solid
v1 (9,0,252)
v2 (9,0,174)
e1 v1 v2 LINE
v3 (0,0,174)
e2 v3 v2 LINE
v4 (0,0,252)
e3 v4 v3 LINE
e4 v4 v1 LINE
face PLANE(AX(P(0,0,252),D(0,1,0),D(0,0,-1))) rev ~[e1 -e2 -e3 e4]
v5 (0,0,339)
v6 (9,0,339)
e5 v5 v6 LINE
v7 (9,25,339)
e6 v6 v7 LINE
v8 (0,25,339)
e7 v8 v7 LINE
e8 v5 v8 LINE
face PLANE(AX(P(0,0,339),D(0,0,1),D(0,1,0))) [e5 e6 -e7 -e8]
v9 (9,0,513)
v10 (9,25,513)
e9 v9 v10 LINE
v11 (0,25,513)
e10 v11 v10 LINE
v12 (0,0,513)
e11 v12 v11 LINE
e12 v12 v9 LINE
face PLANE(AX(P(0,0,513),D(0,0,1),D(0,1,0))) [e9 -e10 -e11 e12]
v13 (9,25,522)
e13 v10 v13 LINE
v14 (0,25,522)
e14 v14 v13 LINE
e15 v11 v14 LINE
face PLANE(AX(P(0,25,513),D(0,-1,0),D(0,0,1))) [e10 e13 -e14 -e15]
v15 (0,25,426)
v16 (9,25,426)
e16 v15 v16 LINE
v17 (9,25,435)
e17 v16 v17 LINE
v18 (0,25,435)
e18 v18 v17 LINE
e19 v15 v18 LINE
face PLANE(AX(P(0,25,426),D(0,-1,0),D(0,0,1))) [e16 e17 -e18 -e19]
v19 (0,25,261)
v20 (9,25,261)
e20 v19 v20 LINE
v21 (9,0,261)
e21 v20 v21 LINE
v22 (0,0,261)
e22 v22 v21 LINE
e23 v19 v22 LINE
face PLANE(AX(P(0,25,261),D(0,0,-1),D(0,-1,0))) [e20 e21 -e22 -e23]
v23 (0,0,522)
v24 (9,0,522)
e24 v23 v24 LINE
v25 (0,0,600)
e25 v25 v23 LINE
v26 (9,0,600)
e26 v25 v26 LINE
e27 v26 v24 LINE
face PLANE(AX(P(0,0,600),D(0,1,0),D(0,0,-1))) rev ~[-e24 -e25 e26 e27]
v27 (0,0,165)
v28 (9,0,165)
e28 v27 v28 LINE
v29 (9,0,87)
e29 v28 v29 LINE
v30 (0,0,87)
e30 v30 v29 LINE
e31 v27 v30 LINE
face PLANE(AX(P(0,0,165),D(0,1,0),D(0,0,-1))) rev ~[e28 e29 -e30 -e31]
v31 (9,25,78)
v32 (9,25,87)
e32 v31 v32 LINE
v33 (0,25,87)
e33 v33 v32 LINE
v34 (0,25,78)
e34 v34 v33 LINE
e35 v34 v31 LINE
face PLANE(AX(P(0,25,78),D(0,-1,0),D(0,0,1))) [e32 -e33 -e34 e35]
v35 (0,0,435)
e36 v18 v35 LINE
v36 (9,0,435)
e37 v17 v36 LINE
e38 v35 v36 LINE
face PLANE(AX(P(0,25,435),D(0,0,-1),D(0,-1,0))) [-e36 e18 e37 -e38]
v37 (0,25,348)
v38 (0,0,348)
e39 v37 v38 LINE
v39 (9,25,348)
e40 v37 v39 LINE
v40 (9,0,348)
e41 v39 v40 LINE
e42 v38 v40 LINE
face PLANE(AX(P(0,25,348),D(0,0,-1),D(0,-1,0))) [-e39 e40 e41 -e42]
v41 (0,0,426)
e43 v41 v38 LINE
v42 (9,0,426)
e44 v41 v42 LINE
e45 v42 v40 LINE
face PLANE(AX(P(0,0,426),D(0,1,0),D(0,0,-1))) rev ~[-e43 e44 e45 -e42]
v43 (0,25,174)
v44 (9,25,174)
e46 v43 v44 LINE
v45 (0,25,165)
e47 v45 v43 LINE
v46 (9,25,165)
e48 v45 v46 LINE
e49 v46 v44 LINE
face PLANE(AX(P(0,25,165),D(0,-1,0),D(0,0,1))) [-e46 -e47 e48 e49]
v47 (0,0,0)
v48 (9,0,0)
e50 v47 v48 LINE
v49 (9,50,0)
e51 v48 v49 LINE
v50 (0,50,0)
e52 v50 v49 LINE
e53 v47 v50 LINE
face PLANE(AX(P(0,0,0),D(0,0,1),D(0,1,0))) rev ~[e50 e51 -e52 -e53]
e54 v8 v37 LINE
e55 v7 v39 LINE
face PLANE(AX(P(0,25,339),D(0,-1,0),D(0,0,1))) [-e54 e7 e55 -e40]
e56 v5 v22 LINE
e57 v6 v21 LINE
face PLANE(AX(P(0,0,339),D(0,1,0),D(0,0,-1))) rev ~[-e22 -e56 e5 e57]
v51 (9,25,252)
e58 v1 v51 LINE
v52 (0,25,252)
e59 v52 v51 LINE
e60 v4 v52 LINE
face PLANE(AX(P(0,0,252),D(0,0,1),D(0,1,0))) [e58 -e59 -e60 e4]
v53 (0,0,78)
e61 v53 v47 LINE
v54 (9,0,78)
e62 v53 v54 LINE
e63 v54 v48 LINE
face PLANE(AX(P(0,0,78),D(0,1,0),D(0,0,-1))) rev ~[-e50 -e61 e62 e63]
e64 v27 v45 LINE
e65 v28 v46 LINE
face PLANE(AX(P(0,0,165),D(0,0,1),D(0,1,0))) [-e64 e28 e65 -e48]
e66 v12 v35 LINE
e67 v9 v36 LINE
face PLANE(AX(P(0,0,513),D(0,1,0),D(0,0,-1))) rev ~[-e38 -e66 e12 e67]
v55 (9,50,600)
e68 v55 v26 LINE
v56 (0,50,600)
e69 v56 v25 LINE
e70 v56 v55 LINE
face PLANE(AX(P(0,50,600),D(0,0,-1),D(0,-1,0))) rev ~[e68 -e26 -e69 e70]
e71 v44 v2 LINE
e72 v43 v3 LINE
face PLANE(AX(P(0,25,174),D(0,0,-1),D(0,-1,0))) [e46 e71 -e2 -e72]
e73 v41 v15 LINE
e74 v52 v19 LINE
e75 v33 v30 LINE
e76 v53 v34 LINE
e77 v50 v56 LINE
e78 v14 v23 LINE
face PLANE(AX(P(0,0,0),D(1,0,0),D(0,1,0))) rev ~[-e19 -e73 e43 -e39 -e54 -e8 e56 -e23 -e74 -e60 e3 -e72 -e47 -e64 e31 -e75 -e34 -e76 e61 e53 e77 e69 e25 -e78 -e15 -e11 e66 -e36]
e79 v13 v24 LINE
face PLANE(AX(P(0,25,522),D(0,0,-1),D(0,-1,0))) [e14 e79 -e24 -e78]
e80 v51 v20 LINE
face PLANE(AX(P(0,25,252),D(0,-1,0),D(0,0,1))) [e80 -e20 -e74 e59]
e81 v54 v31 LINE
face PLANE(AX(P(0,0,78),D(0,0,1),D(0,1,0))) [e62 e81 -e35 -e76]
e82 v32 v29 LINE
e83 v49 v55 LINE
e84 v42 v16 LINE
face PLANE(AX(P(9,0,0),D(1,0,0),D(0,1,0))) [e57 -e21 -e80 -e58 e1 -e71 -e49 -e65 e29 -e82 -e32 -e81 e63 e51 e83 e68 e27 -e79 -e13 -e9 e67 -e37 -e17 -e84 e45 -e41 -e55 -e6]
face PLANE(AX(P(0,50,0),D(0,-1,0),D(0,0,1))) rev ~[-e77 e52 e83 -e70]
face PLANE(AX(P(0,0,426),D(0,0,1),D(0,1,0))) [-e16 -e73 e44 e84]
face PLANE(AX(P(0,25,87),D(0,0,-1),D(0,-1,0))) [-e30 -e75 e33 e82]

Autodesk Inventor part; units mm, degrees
ref_plane "YZ Plane" through (0, 0, 0) normal (1, 0, 0) x (0, 1, 0)
ref_plane "XZ Plane" through (0, 0, 0) normal (0, 1, 0) x (-1, 0, 0)
ref_plane "XY Plane" through (0, 0, 0) normal (0, 0, 1) x (1, 0, 0)
sketch "Sketch1" plane through (0, 0, 0) normal (1, 0, 0) x (0, 1, 0)
  line L0 (0, 0) -> (50, 0)
  line L1 (50, 0) -> (50, 600)
  line L2 (50, 600) -> (0, 600)
  line L3 (0, 600) -> (0, 0)
  line L4 (0, 78) -> (25, 78)
  line L5 (25, 78) -> (25, 87)
  line L6 (25, 87) -> (0, 87)
  line L7 (0, 87) -> (0, 78)
  line L8 (0, 165) -> (25, 165)
  line L9 (25, 165) -> (25, 174)
  line L10 (25, 174) -> (0, 174)
  line L11 (0, 174) -> (0, 165)
  line L12 (0, 252) -> (25, 252)
  line L13 (25, 252) -> (25, 261)
  line L14 (25, 261) -> (0, 261)
  line L15 (0, 261) -> (0, 252)
  line L16 (0, 339) -> (25, 339)
  line L17 (25, 339) -> (25, 348)
  line L18 (25, 348) -> (0, 348)
  line L19 (0, 348) -> (0, 339)
  line L20 (0, 426) -> (25, 426)
  line L21 (25, 426) -> (25, 435)
  line L22 (25, 435) -> (0, 435)
  line L23 (0, 435) -> (0, 426)
  line L24 (0, 513) -> (25, 513)
  line L25 (25, 513) -> (25, 522)
  line L26 (25, 522) -> (0, 522)
  line L27 (0, 522) -> (0, 513)
  dimension "d0" = 50
  dimension "d1" = 600
  dimension "d4" = 9
  dimension "d5" = 25
  dimension "d6" = 78
  dimension "d7" = 9
  dimension "d8" = 25
  dimension "d9" = 9
  dimension "d10" = 25
  dimension "d11" = 9
  dimension "d12" = 25
  dimension "d13" = 9
  dimension "d14" = 25
  dimension "d15" = 9
  dimension "d16" = 25
  dimension "d17" = 78
  dimension "d18" = 78
  dimension "d19" = 78
  dimension "d20" = 78
  dimension "d21" = 78
extrude "Extrusion2" add sketch "Sketch1" along normal blind 9 contours L3 L4 L5 L6 L8 L9 L10 L12 L13 L14 L16 L17 L18 L20 L21 L22 L24 L25 L26 L2 L1 L0
equation "\"d17\" = d6"
equation "\"d18\" = d6"
equation "\"d19\" = d6"
equation "\"d20\" = d6"
equation "\"d21\" = d6"
properties part number "leg"
